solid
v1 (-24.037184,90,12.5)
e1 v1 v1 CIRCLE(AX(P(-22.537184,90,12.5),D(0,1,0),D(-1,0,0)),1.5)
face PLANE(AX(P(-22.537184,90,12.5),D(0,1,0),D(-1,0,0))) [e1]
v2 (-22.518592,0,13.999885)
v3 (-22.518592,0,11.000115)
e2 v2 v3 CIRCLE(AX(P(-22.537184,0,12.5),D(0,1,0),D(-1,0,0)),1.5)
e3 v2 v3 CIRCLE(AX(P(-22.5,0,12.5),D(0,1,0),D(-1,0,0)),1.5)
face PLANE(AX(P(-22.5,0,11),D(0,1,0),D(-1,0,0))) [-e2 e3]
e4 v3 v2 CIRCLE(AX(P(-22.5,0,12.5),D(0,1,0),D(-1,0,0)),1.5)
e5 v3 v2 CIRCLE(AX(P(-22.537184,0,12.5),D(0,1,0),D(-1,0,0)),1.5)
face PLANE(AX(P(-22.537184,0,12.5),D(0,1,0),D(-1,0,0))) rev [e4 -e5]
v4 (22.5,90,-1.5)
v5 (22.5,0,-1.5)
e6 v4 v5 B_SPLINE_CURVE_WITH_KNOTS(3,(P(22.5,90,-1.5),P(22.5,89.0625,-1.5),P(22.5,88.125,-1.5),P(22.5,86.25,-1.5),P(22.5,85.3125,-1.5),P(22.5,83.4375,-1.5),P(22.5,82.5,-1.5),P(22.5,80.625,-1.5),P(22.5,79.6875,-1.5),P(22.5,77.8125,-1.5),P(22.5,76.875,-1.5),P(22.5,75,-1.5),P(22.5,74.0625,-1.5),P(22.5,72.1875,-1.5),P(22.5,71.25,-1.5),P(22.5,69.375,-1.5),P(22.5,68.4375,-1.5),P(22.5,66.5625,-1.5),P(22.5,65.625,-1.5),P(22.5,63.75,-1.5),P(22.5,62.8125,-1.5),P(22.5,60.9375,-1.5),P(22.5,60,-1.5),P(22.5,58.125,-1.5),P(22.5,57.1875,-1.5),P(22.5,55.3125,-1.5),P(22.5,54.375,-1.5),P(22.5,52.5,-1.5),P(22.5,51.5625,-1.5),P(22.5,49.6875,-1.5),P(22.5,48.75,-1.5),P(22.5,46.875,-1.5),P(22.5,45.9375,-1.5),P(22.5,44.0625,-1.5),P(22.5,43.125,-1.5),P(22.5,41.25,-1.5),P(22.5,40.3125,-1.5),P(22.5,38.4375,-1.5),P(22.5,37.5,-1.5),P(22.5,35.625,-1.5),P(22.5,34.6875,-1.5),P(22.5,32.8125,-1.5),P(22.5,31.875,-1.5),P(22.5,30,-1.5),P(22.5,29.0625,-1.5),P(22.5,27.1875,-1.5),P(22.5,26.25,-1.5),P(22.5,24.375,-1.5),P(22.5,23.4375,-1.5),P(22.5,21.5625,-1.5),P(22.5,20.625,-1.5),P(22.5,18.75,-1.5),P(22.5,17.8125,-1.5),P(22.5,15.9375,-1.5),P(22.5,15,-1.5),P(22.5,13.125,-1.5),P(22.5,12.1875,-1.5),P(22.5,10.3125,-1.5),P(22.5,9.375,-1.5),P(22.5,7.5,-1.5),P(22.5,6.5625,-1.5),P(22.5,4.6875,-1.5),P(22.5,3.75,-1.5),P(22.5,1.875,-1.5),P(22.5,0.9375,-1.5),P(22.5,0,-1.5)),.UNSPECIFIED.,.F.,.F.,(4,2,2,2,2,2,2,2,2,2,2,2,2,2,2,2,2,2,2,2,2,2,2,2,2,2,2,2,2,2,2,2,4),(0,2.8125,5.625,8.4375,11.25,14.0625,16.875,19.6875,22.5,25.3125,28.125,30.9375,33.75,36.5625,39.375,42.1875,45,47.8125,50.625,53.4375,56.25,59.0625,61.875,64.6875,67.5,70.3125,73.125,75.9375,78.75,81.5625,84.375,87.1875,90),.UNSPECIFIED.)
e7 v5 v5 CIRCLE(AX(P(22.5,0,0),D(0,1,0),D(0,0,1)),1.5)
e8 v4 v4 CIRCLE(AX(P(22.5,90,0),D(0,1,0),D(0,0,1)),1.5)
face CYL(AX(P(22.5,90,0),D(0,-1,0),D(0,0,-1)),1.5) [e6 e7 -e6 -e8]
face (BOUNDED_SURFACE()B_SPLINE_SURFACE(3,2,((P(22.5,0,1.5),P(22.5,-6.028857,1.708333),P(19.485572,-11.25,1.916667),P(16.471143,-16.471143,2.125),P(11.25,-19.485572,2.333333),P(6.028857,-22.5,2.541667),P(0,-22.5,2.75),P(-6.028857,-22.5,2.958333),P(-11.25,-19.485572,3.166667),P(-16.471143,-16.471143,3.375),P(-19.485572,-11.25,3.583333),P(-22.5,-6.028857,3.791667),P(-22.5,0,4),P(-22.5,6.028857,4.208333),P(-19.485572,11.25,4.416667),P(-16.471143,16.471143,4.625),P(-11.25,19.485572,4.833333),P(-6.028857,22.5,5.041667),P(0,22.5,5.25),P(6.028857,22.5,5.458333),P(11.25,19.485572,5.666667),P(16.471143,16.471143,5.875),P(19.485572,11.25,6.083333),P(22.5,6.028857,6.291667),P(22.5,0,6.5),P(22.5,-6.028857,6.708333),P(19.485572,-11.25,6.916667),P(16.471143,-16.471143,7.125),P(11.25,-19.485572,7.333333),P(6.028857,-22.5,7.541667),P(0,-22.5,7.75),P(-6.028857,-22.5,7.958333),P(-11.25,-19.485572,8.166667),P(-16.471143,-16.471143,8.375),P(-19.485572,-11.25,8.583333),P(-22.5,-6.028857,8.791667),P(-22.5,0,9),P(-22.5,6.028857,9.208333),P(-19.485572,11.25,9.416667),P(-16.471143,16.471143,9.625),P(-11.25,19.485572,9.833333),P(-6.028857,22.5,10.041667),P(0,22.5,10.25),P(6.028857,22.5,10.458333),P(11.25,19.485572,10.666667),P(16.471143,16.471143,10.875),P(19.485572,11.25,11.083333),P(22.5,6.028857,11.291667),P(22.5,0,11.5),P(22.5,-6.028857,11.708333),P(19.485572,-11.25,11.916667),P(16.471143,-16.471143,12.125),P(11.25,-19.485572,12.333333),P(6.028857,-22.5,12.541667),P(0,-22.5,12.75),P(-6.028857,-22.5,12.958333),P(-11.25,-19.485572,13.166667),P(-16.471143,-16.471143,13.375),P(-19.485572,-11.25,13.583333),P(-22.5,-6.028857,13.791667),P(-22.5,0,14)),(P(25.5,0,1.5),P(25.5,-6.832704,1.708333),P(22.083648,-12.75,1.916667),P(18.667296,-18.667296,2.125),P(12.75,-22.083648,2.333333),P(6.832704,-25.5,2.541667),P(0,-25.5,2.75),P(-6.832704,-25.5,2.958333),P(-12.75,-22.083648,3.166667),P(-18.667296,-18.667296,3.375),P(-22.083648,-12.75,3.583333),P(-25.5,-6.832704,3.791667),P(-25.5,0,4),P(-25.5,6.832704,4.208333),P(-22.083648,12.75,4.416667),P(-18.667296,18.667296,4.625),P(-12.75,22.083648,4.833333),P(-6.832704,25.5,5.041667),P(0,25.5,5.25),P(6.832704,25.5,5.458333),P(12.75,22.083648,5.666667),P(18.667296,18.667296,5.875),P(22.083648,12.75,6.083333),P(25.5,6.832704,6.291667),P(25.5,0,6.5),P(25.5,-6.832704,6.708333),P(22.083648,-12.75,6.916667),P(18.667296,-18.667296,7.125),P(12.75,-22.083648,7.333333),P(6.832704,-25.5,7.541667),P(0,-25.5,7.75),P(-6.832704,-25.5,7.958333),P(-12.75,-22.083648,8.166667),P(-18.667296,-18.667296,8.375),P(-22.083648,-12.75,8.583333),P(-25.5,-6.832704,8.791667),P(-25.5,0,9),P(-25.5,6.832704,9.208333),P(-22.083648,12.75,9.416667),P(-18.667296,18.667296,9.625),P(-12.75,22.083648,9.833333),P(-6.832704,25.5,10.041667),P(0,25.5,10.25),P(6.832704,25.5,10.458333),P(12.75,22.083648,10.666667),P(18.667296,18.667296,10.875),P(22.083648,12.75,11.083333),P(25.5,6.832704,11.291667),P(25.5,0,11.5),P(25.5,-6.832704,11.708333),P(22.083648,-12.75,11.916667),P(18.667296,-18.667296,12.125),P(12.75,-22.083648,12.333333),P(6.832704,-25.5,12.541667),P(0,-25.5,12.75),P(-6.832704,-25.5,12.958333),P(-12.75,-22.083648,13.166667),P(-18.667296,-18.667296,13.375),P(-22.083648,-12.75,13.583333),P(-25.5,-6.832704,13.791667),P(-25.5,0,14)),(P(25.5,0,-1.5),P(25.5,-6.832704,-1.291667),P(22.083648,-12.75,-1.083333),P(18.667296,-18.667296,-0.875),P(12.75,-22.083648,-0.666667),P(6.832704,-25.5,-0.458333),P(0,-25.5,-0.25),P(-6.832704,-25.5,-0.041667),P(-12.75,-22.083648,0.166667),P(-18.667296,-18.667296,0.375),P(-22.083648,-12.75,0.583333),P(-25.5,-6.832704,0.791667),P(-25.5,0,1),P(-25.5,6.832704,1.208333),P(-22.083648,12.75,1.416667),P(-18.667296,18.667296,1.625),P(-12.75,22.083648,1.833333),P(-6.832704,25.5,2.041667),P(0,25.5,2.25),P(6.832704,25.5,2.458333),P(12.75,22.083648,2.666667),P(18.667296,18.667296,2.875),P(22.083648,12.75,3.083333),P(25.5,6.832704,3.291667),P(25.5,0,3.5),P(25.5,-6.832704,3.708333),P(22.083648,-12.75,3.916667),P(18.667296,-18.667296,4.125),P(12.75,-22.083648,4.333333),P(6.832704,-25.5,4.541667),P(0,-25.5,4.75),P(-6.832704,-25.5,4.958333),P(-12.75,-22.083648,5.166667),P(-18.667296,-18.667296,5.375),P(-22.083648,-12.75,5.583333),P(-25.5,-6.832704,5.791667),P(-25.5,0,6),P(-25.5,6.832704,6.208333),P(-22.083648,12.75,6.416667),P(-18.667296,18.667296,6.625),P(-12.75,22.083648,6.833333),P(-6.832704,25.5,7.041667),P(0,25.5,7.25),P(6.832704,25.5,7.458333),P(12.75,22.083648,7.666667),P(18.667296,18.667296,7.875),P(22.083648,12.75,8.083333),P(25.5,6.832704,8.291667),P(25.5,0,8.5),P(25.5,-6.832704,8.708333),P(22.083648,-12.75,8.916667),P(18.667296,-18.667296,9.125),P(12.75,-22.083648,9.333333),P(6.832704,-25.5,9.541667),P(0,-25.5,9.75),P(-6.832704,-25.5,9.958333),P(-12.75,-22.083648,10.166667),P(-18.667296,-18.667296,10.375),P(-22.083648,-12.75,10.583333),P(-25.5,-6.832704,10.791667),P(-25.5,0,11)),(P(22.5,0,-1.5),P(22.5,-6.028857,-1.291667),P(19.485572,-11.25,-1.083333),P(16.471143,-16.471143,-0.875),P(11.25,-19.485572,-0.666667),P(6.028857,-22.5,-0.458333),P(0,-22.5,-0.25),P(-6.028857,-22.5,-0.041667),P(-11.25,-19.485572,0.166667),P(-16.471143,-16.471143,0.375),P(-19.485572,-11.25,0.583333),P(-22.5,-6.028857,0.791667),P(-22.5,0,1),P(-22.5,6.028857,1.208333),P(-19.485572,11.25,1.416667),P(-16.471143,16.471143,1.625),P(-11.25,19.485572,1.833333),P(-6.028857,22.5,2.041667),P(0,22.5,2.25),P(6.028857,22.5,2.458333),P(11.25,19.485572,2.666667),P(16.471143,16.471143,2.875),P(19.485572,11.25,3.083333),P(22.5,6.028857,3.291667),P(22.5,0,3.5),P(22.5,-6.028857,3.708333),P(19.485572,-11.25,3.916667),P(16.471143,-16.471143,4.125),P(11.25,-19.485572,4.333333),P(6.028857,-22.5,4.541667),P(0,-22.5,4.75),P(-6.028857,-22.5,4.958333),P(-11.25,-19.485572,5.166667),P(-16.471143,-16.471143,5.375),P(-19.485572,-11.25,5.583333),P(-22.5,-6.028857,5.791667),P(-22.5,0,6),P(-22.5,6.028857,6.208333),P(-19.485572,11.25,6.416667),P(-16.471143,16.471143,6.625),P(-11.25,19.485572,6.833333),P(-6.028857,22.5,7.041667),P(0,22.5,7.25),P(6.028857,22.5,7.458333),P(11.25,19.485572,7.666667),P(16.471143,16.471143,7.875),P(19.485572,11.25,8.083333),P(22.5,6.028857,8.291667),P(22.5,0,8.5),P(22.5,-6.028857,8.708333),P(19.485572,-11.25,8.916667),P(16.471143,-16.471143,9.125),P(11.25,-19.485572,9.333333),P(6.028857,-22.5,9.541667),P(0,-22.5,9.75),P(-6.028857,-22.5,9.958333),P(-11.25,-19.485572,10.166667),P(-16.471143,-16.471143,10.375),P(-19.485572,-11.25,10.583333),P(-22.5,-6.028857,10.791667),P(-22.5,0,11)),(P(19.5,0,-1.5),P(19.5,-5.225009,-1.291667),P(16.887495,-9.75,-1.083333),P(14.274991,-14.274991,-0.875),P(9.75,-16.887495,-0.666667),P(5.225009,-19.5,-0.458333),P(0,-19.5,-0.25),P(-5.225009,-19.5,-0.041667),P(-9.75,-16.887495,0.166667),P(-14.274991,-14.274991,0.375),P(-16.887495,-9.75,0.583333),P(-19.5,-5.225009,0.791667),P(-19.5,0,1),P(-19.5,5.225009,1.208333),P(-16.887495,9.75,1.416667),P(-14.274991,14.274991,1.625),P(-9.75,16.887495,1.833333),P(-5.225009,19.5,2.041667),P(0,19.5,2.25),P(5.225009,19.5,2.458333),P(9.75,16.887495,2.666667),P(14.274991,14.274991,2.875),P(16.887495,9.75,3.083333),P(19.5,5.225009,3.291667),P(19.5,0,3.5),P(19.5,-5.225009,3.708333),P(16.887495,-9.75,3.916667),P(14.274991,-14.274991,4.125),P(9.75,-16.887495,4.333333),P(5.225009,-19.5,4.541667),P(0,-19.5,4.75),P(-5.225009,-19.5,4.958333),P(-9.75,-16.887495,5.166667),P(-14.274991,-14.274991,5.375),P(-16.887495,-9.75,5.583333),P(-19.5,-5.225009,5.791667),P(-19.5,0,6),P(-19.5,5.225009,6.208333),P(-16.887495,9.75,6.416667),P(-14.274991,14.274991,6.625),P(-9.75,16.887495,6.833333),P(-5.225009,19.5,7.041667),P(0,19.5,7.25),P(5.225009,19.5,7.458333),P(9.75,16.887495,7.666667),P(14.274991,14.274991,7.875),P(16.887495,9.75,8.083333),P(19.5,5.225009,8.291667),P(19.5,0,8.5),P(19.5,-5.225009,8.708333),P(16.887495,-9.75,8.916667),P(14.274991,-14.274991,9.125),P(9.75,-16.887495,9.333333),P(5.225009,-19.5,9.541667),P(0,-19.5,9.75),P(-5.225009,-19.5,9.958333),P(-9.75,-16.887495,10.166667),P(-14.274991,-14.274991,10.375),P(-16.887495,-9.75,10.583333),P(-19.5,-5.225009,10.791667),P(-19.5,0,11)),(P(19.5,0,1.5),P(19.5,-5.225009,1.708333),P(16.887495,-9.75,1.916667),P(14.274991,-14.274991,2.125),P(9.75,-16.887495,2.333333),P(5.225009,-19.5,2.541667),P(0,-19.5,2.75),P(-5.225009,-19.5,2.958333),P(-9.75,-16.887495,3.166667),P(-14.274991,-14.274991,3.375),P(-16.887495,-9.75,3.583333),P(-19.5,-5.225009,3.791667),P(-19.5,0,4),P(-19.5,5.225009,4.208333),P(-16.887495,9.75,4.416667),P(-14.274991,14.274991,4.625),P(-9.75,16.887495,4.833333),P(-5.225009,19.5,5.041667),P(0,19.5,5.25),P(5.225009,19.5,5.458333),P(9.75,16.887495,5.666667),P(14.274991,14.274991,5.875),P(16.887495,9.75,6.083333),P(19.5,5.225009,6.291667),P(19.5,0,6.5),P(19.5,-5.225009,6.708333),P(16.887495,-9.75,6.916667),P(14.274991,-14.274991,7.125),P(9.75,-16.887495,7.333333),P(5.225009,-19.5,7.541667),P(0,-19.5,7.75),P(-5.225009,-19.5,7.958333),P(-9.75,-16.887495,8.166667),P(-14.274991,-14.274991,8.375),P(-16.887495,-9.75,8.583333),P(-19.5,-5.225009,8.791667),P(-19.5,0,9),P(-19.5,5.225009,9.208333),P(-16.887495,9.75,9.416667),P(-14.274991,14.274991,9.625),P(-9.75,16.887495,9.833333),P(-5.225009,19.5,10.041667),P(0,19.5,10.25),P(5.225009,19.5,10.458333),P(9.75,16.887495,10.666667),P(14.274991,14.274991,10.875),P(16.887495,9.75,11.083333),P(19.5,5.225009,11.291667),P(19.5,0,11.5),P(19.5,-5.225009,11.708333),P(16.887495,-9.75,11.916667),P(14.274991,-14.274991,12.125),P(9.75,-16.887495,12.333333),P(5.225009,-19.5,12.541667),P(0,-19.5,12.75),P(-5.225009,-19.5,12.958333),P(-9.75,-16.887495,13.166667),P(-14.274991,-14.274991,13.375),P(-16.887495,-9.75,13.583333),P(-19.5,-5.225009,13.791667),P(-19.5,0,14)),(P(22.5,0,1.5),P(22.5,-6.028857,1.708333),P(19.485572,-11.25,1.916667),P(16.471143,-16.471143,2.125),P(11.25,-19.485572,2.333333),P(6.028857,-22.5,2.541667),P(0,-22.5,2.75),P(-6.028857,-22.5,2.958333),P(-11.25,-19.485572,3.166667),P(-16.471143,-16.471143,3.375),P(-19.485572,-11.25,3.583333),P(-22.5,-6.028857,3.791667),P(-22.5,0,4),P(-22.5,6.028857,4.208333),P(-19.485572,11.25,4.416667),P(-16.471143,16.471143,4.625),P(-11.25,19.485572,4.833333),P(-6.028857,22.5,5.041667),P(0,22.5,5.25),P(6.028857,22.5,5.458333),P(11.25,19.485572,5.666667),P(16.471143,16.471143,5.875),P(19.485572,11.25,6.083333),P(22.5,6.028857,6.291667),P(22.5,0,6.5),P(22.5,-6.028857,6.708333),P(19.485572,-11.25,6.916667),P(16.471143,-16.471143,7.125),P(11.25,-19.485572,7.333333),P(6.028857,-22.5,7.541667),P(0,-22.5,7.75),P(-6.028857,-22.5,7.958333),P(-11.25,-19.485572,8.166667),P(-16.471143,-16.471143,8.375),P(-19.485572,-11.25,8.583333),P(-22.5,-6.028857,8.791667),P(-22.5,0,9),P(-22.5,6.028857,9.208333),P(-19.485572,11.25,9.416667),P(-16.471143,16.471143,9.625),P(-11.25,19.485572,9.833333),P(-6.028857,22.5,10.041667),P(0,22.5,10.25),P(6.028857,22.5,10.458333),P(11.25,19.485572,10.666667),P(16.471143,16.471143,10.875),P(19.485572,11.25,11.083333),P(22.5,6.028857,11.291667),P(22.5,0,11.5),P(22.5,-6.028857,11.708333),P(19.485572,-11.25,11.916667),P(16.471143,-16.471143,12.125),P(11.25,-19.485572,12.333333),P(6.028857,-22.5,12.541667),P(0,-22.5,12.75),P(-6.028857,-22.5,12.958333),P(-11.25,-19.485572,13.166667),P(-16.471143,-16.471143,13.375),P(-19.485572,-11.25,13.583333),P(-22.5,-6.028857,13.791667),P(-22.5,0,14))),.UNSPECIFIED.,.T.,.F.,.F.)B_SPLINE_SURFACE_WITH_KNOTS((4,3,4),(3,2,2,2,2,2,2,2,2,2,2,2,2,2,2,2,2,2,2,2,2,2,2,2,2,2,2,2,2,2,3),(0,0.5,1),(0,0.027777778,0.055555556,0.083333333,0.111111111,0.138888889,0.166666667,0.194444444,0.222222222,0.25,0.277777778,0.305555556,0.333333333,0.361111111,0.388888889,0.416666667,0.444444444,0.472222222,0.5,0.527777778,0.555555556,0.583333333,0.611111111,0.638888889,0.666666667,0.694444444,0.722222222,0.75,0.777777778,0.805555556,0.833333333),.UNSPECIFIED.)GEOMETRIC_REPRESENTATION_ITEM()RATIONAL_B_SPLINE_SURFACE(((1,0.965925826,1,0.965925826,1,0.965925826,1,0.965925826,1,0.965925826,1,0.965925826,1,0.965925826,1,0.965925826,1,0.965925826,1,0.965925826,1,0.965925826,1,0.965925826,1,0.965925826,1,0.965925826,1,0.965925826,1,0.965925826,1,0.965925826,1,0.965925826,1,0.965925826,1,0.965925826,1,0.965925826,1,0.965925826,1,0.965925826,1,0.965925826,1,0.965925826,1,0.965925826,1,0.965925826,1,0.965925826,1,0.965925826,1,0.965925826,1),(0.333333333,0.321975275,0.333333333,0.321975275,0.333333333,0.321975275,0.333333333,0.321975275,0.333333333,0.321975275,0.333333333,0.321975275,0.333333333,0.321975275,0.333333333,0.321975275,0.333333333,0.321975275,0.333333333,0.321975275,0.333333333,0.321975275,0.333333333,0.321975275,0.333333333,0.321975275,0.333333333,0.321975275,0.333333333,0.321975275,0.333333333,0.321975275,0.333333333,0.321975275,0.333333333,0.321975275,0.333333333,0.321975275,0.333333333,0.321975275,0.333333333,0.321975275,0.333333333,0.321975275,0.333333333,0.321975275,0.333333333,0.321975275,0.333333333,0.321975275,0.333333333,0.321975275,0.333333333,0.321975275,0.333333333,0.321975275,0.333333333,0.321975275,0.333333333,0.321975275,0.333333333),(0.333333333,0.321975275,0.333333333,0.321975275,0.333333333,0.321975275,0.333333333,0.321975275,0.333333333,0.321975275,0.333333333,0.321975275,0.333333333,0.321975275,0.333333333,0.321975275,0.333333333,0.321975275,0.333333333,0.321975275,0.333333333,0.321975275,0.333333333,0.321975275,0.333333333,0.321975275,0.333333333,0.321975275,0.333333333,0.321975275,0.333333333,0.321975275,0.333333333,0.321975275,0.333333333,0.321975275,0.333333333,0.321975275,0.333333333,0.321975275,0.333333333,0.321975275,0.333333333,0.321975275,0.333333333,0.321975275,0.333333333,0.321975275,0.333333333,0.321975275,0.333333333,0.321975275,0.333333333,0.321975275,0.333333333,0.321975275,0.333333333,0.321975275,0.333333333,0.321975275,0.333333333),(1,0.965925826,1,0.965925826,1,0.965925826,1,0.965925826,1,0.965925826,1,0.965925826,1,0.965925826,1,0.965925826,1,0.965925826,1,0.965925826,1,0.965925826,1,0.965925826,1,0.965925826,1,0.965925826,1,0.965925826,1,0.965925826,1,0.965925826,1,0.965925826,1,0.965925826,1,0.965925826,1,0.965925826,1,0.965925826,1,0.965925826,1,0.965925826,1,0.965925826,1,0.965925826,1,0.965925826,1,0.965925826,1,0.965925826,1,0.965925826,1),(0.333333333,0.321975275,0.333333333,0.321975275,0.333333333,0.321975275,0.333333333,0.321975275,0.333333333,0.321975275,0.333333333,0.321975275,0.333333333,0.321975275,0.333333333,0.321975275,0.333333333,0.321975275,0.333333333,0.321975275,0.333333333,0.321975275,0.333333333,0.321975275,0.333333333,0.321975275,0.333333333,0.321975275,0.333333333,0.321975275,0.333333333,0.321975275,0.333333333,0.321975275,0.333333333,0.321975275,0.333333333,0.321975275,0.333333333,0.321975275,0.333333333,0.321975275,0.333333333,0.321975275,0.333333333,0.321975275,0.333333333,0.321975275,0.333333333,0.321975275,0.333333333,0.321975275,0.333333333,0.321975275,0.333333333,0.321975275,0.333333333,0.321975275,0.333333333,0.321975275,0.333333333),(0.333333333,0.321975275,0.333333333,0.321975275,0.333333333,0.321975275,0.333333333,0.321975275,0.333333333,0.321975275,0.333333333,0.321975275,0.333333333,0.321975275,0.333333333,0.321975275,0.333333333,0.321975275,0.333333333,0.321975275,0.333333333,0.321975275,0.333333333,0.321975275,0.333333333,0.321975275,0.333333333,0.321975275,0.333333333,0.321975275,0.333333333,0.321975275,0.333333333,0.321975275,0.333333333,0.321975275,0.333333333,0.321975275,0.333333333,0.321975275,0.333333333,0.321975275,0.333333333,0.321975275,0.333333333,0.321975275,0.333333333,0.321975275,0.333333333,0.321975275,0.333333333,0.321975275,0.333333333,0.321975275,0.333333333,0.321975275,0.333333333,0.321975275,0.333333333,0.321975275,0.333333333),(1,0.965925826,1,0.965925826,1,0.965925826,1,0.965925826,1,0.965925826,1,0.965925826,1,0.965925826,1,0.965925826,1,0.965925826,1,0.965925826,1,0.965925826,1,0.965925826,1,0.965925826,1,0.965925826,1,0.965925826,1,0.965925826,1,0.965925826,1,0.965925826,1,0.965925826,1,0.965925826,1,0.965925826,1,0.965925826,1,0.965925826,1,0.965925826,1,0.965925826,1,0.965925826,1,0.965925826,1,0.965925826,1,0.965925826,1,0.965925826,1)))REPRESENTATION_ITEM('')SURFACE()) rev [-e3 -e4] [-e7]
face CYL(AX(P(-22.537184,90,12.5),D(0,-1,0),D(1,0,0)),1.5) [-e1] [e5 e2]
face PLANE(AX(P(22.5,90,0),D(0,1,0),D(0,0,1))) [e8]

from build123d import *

# Parameters (mm, degrees)
VARREDURA1_PITCH         = 5
VARREDURA1_HEIGHT        = 12.5
VARREDURA1_RADIUS        = 22.5
ESBO_O2_R                = 1.5
ESBO_O2_2_R              = 1.5
RESSALTO_EXTRUS_O3_DEPTH = 90
ESBO_O8_R                = 1.5
RESSALTO_EXTRUS_O5_DEPTH = 90


with BuildPart() as part:
    # Varredura1: sweep along a helix
    with BuildLine() as varredura1_path:
        Helix(VARREDURA1_PITCH, VARREDURA1_HEIGHT, VARREDURA1_RADIUS, center=(0, 0, 0), direction=(0, 0, 1), lefthand=True)
    # Esboço2 → Varredura1 (sweep)
    with BuildSketch(Plane(origin=(0, 0, 0), x_dir=(1, 0, 0), z_dir=(0, 1, 0))):
        with Locations((22.5, 0)):
            Circle(ESBO_O2_R)
    sweep(path=varredura1_path.line, is_frenet=True)

    # Esboço2<2> → Ressalto-extrusão3 (add)
    with BuildSketch(Plane(origin=(0, 0, 0), x_dir=(1, 0, 0), z_dir=(0, 1, 0))):
        with Locations(Location((22.5, 0, 0), (0, 0, 270))):
            Circle(ESBO_O2_2_R)
    extrude(amount=RESSALTO_EXTRUS_O3_DEPTH)

    # Esboço8 → Ressalto-extrusão5 (add)
    with BuildSketch(Plane(origin=(0, 0, 0), x_dir=(1, 0, 0), z_dir=(0, 1, 0))):
        with Locations(Location((-22.537183834, -12.5, 0), (0, 0, 89.289822902))):
            Circle(ESBO_O8_R)
    extrude(amount=RESSALTO_EXTRUS_O5_DEPTH)


solid = part.part
